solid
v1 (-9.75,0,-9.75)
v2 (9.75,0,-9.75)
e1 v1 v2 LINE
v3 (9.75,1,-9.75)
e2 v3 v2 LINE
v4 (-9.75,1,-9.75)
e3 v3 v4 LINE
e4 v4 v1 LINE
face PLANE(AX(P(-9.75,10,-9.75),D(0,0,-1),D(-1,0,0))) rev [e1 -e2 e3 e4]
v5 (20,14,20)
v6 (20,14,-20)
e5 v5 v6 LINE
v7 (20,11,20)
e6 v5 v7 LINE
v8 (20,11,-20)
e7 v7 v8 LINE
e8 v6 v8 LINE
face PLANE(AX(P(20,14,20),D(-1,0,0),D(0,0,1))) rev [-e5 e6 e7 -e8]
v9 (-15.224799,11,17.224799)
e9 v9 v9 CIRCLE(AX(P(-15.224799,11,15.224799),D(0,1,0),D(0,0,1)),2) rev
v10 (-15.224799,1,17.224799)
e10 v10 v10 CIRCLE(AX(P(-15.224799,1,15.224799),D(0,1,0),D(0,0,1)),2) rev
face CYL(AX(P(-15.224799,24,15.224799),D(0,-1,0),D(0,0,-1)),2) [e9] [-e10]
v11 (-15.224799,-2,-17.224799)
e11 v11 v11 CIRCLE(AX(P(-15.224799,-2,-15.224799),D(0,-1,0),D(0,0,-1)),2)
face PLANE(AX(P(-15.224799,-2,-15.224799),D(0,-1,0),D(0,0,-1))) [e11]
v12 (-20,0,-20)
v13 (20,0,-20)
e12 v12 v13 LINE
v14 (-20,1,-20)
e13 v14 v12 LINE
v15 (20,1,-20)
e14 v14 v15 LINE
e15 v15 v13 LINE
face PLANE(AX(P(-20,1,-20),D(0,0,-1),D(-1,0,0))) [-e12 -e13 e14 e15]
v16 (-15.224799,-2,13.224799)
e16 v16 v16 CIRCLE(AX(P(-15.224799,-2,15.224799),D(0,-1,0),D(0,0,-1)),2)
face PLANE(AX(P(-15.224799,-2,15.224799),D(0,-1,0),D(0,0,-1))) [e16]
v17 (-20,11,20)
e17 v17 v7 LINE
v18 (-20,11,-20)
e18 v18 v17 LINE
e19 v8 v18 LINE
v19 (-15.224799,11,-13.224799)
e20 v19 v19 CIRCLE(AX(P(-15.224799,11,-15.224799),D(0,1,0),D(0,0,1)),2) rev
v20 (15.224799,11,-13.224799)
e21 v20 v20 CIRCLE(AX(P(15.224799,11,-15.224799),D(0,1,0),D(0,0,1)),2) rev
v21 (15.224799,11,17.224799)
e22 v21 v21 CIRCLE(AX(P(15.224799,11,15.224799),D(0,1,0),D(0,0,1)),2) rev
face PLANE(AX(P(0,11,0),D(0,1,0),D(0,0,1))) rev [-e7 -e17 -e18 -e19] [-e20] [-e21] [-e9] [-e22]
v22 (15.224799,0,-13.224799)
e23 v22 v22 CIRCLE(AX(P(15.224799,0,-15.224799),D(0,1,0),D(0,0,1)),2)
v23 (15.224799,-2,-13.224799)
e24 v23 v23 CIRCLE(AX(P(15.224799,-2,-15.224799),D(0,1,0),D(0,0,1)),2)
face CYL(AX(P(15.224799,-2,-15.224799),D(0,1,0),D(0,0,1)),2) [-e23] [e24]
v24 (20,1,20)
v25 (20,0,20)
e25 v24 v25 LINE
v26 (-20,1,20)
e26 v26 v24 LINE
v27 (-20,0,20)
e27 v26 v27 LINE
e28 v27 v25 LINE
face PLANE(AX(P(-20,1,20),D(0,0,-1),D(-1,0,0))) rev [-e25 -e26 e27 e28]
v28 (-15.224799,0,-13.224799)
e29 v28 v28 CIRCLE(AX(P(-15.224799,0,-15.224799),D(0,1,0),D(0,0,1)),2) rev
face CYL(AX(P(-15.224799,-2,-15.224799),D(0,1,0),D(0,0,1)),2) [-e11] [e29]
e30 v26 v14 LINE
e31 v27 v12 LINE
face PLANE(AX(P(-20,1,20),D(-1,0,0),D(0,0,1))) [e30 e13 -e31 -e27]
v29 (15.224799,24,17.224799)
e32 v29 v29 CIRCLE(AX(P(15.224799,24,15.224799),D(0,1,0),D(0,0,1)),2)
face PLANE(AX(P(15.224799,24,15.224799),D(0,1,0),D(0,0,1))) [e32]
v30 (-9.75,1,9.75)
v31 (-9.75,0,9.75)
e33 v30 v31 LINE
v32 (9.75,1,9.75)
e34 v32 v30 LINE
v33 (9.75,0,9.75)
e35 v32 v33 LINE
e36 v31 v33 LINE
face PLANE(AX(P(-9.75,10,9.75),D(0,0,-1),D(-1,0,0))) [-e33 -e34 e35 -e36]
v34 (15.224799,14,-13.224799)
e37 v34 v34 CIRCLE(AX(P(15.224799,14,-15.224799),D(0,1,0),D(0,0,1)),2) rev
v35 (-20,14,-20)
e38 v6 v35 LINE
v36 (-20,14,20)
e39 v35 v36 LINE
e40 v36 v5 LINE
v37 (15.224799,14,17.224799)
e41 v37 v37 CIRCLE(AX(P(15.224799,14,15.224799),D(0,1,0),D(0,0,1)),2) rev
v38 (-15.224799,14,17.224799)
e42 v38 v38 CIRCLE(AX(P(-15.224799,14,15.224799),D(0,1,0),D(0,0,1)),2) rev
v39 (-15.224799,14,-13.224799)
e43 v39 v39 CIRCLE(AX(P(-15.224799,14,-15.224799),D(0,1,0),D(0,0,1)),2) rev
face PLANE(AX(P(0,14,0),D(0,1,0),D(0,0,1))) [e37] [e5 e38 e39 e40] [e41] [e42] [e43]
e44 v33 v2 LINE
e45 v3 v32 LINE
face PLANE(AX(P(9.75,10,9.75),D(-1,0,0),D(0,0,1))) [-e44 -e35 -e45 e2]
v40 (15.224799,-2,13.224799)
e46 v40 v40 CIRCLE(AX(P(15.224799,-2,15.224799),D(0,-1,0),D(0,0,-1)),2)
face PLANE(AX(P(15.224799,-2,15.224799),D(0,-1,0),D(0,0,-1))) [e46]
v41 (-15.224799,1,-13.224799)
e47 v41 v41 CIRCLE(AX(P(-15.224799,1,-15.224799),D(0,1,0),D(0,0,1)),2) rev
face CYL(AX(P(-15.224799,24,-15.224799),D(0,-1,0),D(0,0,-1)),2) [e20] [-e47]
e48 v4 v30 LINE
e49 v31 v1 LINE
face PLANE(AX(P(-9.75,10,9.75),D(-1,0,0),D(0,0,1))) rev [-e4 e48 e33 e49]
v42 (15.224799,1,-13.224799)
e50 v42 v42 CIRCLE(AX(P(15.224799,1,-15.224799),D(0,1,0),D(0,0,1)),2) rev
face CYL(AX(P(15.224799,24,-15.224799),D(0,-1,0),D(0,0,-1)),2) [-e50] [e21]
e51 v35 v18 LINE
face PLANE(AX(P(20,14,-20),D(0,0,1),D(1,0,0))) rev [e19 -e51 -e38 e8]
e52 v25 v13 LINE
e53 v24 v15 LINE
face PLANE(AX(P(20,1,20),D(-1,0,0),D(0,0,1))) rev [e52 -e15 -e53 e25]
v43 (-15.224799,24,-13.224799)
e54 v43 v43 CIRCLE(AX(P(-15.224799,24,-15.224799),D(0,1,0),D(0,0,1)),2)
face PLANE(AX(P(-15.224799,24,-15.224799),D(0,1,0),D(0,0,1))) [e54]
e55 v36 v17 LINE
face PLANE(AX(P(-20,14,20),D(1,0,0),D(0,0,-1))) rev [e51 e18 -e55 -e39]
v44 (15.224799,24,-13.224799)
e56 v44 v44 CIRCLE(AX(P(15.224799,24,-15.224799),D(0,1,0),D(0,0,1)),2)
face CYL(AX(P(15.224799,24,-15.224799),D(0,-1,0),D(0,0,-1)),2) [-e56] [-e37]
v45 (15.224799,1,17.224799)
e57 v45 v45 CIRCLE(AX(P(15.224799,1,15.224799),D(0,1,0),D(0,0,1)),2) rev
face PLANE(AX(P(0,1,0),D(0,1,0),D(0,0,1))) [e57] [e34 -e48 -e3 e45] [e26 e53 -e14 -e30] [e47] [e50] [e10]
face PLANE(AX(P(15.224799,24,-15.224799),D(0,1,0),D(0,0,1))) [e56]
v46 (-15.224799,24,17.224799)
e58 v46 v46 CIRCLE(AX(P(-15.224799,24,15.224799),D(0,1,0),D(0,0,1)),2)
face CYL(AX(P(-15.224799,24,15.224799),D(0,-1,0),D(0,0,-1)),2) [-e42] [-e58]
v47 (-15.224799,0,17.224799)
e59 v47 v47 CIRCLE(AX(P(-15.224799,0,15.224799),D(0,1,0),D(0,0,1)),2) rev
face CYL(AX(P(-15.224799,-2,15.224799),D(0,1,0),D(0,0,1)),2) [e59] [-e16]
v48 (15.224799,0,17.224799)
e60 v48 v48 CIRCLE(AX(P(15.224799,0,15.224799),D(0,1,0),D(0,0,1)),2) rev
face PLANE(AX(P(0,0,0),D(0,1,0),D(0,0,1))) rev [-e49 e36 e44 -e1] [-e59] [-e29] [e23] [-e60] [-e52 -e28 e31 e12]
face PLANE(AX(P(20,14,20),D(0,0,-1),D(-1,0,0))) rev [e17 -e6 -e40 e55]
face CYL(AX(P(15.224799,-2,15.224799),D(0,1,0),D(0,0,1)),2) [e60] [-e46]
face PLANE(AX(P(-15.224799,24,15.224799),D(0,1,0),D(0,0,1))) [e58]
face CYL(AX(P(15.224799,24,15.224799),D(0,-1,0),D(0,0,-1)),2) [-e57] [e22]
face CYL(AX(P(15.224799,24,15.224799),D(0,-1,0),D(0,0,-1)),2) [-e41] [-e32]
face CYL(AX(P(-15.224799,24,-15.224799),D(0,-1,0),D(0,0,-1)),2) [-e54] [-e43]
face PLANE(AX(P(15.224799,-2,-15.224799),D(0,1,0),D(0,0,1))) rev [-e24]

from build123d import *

# Parameters (mm, degrees)
SKETCH_2_W          = 40
SKETCH_2_H          = 40
EXTRUDE_2_DEPTH     = 1
SKETCH_3_R          = 2
CUT_EXTRUDE_1_DEPTH = 3
EXTRUDE_START       = 10
SKETCH_9_W          = 40
SKETCH_9_H          = 40
EXTRUDE_4_DEPTH     = 3
SKETCH_3_3_R        = 2
EXTRUDE_5_DEPTH     = 24
EXTRUDE_START_2     = -2
SKETCH_2_8_R        = 2
EXTRUDE_6_DEPTH     = 2
SKETCH_2_9_W        = 19.5
SKETCH_2_9_H        = 19.5
CUT_EXTRUDE_2_DEPTH = 10


with BuildPart() as part:
    # 草图2 → 凸台-拉伸2 (new body)
    with BuildSketch(Plane(origin=(0, 0, 0), x_dir=(1, 0, 0), z_dir=(0, 1, 0))):
        Rectangle(SKETCH_2_W, SKETCH_2_H)
    extrude(amount=EXTRUDE_2_DEPTH)

    # 草图3 → 切除-拉伸1 (cut)
    with BuildSketch(Plane(origin=(0, 0, 0), x_dir=(1, 0, 0), z_dir=(0, 1, 0))):
        with Locations((-15.224798987, -15.224798987)):
            Circle(SKETCH_3_R)
        with Locations((15.224798987, -15.224798987)):
            Circle(SKETCH_3_R)
        with Locations((15.224798987, 15.224798987)):
            Circle(SKETCH_3_R)
        with Locations((-15.224798987, 15.224798987)):
            Circle(SKETCH_3_R)
    extrude(amount=CUT_EXTRUDE_1_DEPTH, mode=Mode.SUBTRACT)



with BuildPart() as body_2:
    # 草图9 → 凸台-拉伸4 (new body)
    with BuildSketch(Plane(origin=(0, 1, 0), x_dir=(1, 0, 0), z_dir=(0, 1, 0)).offset(EXTRUDE_START)):
        Rectangle(SKETCH_9_W, SKETCH_9_H)
    extrude(amount=EXTRUDE_4_DEPTH)

    # 草图3<3> → 凸台-拉伸5 (add)
    with BuildSketch(Plane(origin=(0, 0, 0), x_dir=(1, 0, 0), z_dir=(0, 1, 0))):
        with Locations((-15.224798987, -15.224798987)):
            Circle(SKETCH_3_3_R)
        with Locations((15.224798987, -15.224798987)):
            Circle(SKETCH_3_3_R)
        with Locations((15.224798987, 15.224798987)):
            Circle(SKETCH_3_3_R)
        with Locations((-15.224798987, 15.224798987)):
            Circle(SKETCH_3_3_R)
    extrude(amount=EXTRUDE_5_DEPTH)


with BuildPart() as part_1:
    add(part.part)

    add(body_2.part)  # 凸台-拉伸6 merges body 2
    # 草图2<8> → 凸台-拉伸6 (add)
    with BuildSketch(Plane(origin=(0, 0, 0), x_dir=(1, 0, 0), z_dir=(0, 1, 0)).offset(EXTRUDE_START_2)):
        with Locations((15.224798987, 15.224798987)):
            Circle(SKETCH_2_8_R)
        with Locations((-15.224798987, -15.224798987)):
            Circle(SKETCH_2_8_R)
        with Locations((15.224798987, -15.224798987)):
            Circle(SKETCH_2_8_R)
        with Locations((-15.224798987, 15.224798987)):
            Circle(SKETCH_2_8_R)
    extrude(amount=EXTRUDE_6_DEPTH)

    # 草图2<9> → 切除-拉伸2 (cut)
    with BuildSketch(Plane(origin=(0, 0, 0), x_dir=(1, 0, 0), z_dir=(0, 1, 0))):
        Rectangle(SKETCH_2_9_W, SKETCH_2_9_H)
    extrude(amount=CUT_EXTRUDE_2_DEPTH, mode=Mode.SUBTRACT)


solid = part_1.part
